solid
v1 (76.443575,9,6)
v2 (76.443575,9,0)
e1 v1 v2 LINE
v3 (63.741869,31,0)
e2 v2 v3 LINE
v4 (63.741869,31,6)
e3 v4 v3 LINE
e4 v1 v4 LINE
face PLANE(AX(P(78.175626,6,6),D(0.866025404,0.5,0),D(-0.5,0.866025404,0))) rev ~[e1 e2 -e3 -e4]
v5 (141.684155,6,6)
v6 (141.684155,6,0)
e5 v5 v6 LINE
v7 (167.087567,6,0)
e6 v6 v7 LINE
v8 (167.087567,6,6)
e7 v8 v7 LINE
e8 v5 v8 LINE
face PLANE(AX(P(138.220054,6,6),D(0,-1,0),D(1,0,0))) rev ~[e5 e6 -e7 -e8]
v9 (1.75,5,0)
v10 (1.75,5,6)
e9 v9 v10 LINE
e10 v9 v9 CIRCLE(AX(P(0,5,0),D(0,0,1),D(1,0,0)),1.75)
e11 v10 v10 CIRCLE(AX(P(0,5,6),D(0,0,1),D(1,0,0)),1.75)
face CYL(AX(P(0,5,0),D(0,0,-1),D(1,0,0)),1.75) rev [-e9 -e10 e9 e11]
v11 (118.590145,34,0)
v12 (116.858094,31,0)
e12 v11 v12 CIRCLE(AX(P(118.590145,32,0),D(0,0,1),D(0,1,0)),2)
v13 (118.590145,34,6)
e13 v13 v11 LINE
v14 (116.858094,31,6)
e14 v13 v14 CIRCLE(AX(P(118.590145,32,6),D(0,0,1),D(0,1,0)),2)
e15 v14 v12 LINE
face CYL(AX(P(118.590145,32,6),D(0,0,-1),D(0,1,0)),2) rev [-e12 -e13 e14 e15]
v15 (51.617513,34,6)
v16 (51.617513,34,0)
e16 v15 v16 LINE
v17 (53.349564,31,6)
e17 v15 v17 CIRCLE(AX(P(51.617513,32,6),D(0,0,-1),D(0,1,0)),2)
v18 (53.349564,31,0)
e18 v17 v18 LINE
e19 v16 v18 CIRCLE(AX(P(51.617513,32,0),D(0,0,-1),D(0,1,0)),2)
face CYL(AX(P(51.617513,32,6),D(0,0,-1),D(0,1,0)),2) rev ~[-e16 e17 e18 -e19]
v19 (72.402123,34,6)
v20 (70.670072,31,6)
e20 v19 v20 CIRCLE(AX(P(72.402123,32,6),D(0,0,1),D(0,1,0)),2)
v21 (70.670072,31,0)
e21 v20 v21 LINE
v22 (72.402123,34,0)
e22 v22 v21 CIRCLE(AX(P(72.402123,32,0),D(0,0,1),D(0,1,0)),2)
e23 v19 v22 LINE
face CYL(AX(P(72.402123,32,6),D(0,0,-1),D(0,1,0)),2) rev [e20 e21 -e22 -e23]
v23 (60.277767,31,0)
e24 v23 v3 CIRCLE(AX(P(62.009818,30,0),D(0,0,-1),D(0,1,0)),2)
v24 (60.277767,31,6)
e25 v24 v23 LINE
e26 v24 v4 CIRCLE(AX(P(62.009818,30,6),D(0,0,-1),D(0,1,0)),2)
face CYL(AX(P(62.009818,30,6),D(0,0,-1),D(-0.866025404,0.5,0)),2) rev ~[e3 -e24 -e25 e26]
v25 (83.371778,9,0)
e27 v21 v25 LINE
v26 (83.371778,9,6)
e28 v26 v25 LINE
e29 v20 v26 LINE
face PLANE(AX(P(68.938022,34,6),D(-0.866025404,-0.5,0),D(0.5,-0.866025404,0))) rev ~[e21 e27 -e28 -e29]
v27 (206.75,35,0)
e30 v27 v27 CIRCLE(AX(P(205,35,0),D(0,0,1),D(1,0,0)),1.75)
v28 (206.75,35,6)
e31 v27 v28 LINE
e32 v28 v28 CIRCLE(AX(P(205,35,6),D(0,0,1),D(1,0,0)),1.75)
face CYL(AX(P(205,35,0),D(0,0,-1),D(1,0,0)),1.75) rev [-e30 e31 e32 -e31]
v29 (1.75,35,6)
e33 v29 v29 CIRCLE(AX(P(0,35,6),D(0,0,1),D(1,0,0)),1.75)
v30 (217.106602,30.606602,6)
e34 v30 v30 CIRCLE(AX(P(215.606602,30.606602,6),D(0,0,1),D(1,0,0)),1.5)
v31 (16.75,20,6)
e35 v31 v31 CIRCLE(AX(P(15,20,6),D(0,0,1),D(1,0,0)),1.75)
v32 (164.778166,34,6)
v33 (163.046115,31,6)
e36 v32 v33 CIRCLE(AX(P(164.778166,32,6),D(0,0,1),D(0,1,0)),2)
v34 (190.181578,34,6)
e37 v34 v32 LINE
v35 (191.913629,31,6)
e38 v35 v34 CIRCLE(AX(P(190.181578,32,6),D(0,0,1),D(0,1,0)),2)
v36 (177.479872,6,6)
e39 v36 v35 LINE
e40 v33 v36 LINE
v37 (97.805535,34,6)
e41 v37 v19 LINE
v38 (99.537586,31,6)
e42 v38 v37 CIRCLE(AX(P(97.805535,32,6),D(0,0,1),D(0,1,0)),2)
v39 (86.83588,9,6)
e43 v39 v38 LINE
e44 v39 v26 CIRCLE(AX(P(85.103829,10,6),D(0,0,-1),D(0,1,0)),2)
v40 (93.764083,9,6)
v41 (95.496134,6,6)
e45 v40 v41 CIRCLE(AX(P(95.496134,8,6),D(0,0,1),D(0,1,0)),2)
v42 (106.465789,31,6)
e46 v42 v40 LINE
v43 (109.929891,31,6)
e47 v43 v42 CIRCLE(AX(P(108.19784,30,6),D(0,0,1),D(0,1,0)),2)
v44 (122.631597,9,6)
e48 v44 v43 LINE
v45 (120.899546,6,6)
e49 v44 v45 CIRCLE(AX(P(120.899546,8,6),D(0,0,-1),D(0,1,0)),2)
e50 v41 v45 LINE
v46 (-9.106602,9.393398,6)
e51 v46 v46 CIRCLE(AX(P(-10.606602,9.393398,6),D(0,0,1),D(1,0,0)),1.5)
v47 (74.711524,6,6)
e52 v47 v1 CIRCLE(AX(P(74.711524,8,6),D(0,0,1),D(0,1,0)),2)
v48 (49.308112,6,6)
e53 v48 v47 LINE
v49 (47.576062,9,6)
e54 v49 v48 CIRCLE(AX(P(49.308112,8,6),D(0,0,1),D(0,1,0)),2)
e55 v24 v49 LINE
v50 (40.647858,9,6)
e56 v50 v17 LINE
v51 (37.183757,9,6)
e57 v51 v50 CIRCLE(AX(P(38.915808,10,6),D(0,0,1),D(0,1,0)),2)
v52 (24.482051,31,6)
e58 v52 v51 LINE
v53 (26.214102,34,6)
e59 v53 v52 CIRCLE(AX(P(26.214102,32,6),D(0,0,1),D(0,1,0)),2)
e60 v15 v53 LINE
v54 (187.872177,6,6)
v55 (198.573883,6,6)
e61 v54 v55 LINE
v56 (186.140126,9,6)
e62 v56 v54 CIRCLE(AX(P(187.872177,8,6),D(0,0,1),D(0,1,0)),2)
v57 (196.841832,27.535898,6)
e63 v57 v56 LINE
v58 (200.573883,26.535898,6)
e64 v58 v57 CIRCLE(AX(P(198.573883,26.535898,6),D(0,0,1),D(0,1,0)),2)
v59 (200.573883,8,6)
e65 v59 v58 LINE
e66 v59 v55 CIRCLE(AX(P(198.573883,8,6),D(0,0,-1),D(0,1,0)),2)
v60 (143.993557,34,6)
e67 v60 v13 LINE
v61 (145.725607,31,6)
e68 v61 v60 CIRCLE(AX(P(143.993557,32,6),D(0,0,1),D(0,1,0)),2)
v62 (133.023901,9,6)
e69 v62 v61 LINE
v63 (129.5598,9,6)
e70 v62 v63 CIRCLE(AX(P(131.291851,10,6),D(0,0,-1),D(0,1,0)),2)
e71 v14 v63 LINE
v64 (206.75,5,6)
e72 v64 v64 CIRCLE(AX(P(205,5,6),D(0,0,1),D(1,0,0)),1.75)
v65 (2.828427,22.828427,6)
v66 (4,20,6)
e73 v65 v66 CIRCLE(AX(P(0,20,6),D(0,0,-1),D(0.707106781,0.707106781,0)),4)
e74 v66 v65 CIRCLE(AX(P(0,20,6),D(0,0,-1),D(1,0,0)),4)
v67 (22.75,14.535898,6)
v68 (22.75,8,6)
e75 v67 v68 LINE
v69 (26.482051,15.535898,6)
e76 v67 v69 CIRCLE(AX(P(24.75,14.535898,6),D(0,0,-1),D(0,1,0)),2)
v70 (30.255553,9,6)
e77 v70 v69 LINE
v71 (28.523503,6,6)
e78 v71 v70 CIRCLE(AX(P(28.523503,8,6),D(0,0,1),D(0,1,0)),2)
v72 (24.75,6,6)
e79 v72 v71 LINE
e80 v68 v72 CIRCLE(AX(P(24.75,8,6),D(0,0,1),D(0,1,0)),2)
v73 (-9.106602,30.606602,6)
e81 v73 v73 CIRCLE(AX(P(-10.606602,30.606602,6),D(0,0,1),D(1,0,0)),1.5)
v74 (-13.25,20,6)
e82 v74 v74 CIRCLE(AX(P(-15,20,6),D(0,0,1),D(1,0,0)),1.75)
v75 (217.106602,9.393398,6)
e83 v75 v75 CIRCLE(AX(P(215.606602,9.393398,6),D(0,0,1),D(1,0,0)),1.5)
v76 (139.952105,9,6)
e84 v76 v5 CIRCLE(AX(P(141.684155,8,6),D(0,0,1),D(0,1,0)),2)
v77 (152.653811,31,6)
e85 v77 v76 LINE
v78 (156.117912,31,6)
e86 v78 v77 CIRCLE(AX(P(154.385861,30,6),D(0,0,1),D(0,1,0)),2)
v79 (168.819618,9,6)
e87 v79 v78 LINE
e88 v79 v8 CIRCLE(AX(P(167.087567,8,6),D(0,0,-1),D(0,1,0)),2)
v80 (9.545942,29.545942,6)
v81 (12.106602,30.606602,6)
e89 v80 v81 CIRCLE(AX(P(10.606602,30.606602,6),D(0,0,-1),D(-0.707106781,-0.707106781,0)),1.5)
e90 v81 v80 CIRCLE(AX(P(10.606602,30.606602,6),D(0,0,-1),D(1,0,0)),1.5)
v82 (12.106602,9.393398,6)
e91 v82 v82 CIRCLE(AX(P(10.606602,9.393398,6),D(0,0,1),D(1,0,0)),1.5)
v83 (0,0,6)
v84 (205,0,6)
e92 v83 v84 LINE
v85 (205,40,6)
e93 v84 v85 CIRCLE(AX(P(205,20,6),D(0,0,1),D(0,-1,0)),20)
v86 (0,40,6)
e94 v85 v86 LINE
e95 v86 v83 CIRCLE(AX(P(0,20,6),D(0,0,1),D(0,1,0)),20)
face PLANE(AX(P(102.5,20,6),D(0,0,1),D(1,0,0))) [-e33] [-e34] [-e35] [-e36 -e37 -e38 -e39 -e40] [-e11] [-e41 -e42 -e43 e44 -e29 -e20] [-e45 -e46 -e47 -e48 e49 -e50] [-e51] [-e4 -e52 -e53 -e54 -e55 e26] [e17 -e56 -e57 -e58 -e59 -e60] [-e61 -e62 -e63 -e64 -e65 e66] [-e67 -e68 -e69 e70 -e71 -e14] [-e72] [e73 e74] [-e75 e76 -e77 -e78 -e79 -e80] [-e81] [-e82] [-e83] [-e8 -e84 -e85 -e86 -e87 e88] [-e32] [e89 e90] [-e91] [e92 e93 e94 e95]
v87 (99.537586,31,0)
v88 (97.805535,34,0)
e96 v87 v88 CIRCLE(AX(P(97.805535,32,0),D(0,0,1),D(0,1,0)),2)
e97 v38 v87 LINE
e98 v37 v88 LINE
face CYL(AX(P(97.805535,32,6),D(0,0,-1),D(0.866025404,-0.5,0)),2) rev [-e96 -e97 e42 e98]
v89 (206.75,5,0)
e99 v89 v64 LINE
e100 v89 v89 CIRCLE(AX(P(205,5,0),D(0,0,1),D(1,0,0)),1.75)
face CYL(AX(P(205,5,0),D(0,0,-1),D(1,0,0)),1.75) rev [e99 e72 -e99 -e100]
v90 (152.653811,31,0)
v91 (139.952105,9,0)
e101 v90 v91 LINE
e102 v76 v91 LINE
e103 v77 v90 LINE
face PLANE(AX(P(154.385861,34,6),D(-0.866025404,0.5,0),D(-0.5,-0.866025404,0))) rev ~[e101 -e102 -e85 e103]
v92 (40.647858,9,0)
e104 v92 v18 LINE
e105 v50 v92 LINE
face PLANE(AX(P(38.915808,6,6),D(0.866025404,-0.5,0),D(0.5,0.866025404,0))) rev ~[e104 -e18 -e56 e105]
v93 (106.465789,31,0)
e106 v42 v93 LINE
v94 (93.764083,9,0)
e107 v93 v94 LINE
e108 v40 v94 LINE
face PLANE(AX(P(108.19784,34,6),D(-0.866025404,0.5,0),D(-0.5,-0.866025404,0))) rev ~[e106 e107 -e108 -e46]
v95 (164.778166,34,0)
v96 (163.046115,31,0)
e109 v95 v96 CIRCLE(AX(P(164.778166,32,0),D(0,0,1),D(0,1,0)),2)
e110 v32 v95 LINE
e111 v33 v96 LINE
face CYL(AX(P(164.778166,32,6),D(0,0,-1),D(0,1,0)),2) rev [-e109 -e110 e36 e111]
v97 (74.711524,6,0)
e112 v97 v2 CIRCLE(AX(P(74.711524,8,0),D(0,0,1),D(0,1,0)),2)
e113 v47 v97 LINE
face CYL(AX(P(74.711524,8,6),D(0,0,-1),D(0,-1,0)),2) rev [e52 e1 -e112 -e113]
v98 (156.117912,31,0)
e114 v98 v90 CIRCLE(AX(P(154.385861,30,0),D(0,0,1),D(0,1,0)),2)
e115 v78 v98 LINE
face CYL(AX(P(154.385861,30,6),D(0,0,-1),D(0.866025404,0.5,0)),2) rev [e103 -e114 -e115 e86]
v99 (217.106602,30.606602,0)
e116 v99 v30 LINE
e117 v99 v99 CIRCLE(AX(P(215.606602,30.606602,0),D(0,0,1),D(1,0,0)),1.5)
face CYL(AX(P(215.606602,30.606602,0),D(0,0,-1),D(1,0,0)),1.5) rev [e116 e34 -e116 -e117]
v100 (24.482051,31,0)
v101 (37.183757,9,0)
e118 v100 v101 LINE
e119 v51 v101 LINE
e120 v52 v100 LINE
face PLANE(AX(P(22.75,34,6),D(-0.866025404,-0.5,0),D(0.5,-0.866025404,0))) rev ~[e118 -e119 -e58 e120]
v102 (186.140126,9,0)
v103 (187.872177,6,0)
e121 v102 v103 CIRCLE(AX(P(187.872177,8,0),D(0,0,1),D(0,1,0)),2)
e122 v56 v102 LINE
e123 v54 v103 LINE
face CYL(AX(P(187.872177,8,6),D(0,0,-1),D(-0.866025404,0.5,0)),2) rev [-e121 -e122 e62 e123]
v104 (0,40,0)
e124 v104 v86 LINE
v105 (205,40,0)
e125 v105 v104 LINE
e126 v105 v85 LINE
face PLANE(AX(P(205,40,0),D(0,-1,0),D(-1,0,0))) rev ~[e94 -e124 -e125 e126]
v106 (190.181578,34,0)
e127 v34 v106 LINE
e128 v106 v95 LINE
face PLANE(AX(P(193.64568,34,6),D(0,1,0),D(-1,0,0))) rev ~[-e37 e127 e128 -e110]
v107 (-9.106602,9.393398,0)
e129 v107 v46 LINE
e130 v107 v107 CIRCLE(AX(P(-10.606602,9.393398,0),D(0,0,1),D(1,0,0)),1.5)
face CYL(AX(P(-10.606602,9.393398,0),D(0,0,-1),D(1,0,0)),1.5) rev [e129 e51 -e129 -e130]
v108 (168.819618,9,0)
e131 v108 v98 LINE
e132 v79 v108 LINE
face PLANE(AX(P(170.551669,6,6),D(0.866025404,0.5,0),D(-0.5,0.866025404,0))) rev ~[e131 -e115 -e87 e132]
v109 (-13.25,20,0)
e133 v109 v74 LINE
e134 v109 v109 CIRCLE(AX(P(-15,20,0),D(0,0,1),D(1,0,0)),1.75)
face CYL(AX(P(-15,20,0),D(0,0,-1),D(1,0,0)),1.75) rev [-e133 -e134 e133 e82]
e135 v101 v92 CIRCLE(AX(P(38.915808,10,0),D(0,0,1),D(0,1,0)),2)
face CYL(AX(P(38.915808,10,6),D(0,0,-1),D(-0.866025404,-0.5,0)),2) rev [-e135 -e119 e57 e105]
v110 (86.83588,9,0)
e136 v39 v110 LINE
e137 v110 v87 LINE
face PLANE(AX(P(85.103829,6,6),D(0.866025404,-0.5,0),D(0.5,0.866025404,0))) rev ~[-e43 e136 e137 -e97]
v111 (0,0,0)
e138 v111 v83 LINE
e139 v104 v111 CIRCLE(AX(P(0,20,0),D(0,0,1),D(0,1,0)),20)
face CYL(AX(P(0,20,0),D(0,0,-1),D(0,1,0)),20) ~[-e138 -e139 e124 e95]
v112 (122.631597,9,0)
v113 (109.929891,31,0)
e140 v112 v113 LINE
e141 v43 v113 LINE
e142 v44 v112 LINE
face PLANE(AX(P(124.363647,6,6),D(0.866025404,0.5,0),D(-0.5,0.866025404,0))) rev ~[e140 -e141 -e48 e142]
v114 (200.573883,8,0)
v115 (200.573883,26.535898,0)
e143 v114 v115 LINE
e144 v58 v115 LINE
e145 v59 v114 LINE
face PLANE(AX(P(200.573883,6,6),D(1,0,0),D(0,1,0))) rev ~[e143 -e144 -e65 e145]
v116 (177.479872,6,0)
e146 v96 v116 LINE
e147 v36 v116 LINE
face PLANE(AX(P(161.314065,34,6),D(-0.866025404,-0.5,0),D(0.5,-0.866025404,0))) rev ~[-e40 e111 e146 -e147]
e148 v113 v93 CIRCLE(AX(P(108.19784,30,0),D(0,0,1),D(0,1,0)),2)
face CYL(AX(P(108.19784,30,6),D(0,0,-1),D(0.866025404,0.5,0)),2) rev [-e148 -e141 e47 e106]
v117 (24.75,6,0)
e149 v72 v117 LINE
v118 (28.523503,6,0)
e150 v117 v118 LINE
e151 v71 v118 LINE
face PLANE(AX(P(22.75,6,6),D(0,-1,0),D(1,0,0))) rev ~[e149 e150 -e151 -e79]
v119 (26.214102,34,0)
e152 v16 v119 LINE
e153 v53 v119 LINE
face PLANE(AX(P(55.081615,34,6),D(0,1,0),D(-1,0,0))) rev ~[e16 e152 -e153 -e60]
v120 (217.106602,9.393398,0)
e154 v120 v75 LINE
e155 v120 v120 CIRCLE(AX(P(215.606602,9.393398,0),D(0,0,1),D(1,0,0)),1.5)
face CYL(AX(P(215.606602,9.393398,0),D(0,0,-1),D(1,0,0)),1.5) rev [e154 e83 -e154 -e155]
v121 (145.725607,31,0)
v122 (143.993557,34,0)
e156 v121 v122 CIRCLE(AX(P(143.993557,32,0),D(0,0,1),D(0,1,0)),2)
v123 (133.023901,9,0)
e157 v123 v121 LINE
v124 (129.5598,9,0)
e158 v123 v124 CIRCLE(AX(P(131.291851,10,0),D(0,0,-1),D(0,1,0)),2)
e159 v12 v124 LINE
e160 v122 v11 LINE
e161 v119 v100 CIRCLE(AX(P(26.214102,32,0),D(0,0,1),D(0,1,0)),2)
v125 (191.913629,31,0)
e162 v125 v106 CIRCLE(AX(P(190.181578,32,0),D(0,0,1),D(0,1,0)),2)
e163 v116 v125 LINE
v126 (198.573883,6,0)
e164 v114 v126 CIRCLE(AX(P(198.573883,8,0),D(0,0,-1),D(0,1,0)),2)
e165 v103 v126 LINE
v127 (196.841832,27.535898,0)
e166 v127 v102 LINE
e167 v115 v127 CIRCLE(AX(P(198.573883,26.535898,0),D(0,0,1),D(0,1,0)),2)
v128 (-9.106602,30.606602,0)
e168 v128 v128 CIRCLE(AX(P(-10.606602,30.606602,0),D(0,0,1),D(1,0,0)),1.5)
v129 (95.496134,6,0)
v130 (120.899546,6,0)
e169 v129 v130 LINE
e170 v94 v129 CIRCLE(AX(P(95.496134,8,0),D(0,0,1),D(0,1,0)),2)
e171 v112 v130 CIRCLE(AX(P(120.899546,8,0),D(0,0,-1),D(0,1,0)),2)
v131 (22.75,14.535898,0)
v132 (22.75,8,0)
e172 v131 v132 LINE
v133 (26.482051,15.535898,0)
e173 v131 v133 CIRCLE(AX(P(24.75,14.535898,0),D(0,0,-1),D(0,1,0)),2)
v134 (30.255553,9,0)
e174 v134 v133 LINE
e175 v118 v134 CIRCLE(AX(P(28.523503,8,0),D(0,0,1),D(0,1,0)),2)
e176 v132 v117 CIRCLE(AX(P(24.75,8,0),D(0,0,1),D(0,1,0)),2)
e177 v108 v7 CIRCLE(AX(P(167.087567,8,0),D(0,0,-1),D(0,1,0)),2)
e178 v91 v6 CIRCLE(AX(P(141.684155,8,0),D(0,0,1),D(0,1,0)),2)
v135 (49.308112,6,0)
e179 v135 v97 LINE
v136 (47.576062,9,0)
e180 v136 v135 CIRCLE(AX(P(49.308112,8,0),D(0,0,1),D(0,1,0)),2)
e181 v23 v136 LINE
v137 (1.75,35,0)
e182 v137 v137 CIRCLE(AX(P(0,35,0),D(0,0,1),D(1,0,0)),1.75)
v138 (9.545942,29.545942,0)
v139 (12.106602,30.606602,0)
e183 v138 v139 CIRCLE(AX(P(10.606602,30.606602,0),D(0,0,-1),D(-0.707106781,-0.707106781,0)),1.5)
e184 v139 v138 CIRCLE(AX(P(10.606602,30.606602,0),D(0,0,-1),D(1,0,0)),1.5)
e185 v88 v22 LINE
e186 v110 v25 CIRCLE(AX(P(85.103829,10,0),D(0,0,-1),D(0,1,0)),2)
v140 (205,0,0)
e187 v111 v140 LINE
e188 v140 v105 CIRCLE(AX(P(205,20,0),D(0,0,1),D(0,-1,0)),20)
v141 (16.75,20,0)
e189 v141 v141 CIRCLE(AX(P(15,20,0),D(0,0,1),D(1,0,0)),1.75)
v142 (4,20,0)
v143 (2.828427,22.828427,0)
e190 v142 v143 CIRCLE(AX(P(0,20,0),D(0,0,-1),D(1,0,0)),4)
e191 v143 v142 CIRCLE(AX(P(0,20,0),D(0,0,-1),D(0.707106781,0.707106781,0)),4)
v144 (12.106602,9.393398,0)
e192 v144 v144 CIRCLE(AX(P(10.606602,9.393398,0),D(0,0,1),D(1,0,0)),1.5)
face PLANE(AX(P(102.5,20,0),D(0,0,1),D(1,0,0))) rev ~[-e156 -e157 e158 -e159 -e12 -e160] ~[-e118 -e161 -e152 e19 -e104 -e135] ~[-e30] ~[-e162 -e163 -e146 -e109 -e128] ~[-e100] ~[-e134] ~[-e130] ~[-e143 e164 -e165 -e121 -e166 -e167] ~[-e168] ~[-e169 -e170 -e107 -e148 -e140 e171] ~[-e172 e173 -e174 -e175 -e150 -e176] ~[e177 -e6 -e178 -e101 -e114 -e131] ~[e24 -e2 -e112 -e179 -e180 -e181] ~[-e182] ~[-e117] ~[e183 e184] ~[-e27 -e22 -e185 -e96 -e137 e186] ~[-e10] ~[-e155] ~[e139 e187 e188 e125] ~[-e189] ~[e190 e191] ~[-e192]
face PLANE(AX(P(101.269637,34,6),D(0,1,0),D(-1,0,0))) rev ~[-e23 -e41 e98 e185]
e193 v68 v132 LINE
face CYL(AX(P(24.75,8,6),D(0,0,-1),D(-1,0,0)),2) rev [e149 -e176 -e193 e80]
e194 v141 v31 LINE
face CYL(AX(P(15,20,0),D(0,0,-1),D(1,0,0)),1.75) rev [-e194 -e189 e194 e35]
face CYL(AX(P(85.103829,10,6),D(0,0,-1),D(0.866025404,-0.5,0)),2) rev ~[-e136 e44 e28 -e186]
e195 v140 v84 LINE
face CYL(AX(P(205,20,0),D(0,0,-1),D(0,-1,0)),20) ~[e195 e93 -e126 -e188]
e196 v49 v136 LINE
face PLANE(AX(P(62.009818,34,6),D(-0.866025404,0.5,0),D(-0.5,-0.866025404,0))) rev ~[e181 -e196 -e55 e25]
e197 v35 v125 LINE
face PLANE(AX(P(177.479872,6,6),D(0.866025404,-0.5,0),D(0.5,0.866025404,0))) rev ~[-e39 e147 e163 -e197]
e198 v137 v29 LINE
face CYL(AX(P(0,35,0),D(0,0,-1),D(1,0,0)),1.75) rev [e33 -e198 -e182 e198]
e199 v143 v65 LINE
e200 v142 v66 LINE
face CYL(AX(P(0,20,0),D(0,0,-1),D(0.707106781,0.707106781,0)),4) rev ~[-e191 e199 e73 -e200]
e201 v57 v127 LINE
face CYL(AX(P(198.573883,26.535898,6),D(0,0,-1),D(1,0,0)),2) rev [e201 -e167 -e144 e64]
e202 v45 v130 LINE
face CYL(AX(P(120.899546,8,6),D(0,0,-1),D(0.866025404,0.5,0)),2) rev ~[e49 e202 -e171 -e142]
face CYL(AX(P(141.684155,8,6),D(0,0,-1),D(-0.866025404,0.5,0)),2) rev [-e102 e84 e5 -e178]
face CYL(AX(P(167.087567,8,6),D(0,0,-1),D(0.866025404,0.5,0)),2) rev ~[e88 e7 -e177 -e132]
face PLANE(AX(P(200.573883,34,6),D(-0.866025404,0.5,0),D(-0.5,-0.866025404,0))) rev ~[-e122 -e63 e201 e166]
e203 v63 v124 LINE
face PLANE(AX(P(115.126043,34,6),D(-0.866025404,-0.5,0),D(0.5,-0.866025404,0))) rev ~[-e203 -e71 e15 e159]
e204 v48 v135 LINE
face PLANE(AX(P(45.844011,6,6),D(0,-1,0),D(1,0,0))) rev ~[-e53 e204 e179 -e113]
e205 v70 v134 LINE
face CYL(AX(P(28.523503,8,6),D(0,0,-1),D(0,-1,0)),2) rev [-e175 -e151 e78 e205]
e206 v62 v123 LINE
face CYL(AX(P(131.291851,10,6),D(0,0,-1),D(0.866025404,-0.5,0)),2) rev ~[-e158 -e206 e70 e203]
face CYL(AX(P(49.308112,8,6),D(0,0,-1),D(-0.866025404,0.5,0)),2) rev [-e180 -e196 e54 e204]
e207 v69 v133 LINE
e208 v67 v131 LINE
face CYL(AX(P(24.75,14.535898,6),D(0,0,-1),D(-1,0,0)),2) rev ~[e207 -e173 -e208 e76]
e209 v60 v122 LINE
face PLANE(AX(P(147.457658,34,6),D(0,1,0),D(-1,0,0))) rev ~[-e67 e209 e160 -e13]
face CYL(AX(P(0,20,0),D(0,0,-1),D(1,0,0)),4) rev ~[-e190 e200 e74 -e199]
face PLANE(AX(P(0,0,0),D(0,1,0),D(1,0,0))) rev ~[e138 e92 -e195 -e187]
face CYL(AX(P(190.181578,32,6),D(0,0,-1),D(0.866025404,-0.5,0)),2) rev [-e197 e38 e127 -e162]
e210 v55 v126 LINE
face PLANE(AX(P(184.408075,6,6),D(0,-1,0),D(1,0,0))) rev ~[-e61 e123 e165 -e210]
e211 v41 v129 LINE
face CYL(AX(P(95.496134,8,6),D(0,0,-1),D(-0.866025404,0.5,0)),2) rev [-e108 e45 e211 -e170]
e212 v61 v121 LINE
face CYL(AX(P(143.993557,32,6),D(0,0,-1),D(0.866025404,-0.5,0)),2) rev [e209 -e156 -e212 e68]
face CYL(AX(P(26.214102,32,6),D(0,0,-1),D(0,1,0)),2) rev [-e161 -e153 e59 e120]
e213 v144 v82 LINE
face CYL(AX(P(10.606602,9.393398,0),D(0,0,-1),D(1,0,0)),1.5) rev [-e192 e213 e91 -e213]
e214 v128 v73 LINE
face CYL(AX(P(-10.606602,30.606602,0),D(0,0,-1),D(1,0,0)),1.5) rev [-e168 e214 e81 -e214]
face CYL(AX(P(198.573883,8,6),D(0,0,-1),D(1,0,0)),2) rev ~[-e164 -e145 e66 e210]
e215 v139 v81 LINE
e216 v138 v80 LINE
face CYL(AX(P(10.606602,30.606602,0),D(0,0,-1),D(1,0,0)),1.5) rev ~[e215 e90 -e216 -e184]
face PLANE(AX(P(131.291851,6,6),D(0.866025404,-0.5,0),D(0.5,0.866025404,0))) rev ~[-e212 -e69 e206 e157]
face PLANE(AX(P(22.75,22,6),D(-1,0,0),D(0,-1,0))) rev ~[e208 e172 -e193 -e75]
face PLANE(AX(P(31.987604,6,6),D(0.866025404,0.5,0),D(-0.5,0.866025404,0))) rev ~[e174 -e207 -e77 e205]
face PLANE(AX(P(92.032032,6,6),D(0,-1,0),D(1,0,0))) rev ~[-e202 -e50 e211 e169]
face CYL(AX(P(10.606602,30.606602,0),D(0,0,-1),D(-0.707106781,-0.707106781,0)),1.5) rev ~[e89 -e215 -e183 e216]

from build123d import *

# Parameters (mm, degrees)
F0_R     = 1.75
F0_R_2   = 1.5
F1_DEPTH = 6
F3_DEPTH = 6.001
F4_R     = 2


with BuildPart() as f1:
    # F0 (on Top) → F1 (new body)
    with BuildSketch(Plane.XY):
        with BuildLine():
            ThreePointArc((0, 40), (-20, 20), (0, 0))
            Line((0, 0), (205, 0))
            ThreePointArc((205, 0), (225, 20), (205, 40))
            Line((205, 40), (0, 40))
        make_face()
        with Locations((0, 5)):
            Circle(F0_R, mode=Mode.SUBTRACT)
        with Locations((-10.6066017178, 9.3933982822)):
            Circle(F0_R_2, mode=Mode.SUBTRACT)
        with Locations((10.6066017178, 9.3933982822)):
            Circle(F0_R_2, mode=Mode.SUBTRACT)
        with Locations((205, 5)):
            Circle(F0_R, mode=Mode.SUBTRACT)
        with Locations((215.6066017178, 9.3933982822)):
            Circle(F0_R_2, mode=Mode.SUBTRACT)
        with Locations((-15, 20)):
            Circle(F0_R, mode=Mode.SUBTRACT)
        with BuildLine():
            ThreePointArc((4, 20), (-3.69551813, 18.4692662705), (2.8284271247, 22.8284271247))
            ThreePointArc((2.8284271247, 22.8284271247), (3.69551813, 21.5307337295), (4, 20))
        make_face(mode=Mode.SUBTRACT)
        with Locations((15, 20)):
            Circle(F0_R, mode=Mode.SUBTRACT)
        with Locations((-10.6066017178, 30.6066017178)):
            Circle(F0_R_2, mode=Mode.SUBTRACT)
        with BuildLine():
            ThreePointArc((12.1066017178, 30.6066017178), (11.1806268663, 29.220782419), (9.545941546, 29.545941546))
            ThreePointArc((9.545941546, 29.545941546), (10.0325765693, 31.9924210166), (12.1066017178, 30.6066017178))
        make_face(mode=Mode.SUBTRACT)
        with Locations((0, 35)):
            Circle(F0_R, mode=Mode.SUBTRACT)
        with Locations((215.6066017178, 30.6066017178)):
            Circle(F0_R_2, mode=Mode.SUBTRACT)
        with Locations((205, 35)):
            Circle(F0_R, mode=Mode.SUBTRACT)
    extrude(amount=F1_DEPTH)

    # F2 (on face) → F3 (cut, through all)
    with BuildSketch(Plane.XY.offset(6)):
        Polygon((55.0816150746, 34), (22.75, 34), (38.9158075373, 6), align=None)
        Polygon((62.0098183049, 34), (45.8440107676, 6), (78.1756258422, 6), align=None)
        Polygon((85.1038290725, 6), (101.2696366098, 34), (68.9380215352, 34), align=None)
        Polygon((124.3636473774, 6), (108.1978398401, 34), (92.0320323028, 6), align=None)
        Polygon((131.2918506076, 6), (147.457658145, 34), (115.1260430703, 34), align=None)
        Polygon((170.5516689125, 6), (154.3858613752, 34), (138.2200538379, 6), align=None)
        Polygon((177.4798721428, 6), (193.6456796801, 34), (161.3140646055, 34), align=None)
        Polygon((200.5738829104, 6), (200.5738829104, 34), (184.4080753731, 6), align=None)
        Polygon((22.75, 22), (22.75, 6), (31.987604307, 6), align=None)
    extrude(amount=-F3_DEPTH, mode=Mode.SUBTRACT)

    # F4
    f4_edges = [f1.edges().sort_by_distance(p)[0] for p in [
        (22.75, 34, 3),
        (55.081615, 34, 3),
        (38.915808, 6, 3),
        (45.844011, 6, 3),
        (62.009818, 34, 3),
        (78.175626, 6, 3),
        (22.75, 22, 3),
        (22.75, 6, 3),
        (31.987604, 6, 3),
        (68.938022, 34, 3),
        (101.269637, 34, 3),
        (85.103829, 6, 3),
        (92.032032, 6, 3),
        (108.19784, 34, 3),
        (124.363647, 6, 3),
        (115.126043, 34, 3),
        (161.314065, 34, 3),
        (147.457658, 34, 3),
        (193.64568, 34, 3),
        (131.291851, 6, 3),
        (154.385861, 34, 3),
        (170.551669, 6, 3),
        (138.220054, 6, 3),
        (200.573883, 6, 3),
        (184.408075, 6, 3),
        (200.573883, 34, 3),
    ]]
    fillet(f4_edges, radius=F4_R)


solid = f1.part
